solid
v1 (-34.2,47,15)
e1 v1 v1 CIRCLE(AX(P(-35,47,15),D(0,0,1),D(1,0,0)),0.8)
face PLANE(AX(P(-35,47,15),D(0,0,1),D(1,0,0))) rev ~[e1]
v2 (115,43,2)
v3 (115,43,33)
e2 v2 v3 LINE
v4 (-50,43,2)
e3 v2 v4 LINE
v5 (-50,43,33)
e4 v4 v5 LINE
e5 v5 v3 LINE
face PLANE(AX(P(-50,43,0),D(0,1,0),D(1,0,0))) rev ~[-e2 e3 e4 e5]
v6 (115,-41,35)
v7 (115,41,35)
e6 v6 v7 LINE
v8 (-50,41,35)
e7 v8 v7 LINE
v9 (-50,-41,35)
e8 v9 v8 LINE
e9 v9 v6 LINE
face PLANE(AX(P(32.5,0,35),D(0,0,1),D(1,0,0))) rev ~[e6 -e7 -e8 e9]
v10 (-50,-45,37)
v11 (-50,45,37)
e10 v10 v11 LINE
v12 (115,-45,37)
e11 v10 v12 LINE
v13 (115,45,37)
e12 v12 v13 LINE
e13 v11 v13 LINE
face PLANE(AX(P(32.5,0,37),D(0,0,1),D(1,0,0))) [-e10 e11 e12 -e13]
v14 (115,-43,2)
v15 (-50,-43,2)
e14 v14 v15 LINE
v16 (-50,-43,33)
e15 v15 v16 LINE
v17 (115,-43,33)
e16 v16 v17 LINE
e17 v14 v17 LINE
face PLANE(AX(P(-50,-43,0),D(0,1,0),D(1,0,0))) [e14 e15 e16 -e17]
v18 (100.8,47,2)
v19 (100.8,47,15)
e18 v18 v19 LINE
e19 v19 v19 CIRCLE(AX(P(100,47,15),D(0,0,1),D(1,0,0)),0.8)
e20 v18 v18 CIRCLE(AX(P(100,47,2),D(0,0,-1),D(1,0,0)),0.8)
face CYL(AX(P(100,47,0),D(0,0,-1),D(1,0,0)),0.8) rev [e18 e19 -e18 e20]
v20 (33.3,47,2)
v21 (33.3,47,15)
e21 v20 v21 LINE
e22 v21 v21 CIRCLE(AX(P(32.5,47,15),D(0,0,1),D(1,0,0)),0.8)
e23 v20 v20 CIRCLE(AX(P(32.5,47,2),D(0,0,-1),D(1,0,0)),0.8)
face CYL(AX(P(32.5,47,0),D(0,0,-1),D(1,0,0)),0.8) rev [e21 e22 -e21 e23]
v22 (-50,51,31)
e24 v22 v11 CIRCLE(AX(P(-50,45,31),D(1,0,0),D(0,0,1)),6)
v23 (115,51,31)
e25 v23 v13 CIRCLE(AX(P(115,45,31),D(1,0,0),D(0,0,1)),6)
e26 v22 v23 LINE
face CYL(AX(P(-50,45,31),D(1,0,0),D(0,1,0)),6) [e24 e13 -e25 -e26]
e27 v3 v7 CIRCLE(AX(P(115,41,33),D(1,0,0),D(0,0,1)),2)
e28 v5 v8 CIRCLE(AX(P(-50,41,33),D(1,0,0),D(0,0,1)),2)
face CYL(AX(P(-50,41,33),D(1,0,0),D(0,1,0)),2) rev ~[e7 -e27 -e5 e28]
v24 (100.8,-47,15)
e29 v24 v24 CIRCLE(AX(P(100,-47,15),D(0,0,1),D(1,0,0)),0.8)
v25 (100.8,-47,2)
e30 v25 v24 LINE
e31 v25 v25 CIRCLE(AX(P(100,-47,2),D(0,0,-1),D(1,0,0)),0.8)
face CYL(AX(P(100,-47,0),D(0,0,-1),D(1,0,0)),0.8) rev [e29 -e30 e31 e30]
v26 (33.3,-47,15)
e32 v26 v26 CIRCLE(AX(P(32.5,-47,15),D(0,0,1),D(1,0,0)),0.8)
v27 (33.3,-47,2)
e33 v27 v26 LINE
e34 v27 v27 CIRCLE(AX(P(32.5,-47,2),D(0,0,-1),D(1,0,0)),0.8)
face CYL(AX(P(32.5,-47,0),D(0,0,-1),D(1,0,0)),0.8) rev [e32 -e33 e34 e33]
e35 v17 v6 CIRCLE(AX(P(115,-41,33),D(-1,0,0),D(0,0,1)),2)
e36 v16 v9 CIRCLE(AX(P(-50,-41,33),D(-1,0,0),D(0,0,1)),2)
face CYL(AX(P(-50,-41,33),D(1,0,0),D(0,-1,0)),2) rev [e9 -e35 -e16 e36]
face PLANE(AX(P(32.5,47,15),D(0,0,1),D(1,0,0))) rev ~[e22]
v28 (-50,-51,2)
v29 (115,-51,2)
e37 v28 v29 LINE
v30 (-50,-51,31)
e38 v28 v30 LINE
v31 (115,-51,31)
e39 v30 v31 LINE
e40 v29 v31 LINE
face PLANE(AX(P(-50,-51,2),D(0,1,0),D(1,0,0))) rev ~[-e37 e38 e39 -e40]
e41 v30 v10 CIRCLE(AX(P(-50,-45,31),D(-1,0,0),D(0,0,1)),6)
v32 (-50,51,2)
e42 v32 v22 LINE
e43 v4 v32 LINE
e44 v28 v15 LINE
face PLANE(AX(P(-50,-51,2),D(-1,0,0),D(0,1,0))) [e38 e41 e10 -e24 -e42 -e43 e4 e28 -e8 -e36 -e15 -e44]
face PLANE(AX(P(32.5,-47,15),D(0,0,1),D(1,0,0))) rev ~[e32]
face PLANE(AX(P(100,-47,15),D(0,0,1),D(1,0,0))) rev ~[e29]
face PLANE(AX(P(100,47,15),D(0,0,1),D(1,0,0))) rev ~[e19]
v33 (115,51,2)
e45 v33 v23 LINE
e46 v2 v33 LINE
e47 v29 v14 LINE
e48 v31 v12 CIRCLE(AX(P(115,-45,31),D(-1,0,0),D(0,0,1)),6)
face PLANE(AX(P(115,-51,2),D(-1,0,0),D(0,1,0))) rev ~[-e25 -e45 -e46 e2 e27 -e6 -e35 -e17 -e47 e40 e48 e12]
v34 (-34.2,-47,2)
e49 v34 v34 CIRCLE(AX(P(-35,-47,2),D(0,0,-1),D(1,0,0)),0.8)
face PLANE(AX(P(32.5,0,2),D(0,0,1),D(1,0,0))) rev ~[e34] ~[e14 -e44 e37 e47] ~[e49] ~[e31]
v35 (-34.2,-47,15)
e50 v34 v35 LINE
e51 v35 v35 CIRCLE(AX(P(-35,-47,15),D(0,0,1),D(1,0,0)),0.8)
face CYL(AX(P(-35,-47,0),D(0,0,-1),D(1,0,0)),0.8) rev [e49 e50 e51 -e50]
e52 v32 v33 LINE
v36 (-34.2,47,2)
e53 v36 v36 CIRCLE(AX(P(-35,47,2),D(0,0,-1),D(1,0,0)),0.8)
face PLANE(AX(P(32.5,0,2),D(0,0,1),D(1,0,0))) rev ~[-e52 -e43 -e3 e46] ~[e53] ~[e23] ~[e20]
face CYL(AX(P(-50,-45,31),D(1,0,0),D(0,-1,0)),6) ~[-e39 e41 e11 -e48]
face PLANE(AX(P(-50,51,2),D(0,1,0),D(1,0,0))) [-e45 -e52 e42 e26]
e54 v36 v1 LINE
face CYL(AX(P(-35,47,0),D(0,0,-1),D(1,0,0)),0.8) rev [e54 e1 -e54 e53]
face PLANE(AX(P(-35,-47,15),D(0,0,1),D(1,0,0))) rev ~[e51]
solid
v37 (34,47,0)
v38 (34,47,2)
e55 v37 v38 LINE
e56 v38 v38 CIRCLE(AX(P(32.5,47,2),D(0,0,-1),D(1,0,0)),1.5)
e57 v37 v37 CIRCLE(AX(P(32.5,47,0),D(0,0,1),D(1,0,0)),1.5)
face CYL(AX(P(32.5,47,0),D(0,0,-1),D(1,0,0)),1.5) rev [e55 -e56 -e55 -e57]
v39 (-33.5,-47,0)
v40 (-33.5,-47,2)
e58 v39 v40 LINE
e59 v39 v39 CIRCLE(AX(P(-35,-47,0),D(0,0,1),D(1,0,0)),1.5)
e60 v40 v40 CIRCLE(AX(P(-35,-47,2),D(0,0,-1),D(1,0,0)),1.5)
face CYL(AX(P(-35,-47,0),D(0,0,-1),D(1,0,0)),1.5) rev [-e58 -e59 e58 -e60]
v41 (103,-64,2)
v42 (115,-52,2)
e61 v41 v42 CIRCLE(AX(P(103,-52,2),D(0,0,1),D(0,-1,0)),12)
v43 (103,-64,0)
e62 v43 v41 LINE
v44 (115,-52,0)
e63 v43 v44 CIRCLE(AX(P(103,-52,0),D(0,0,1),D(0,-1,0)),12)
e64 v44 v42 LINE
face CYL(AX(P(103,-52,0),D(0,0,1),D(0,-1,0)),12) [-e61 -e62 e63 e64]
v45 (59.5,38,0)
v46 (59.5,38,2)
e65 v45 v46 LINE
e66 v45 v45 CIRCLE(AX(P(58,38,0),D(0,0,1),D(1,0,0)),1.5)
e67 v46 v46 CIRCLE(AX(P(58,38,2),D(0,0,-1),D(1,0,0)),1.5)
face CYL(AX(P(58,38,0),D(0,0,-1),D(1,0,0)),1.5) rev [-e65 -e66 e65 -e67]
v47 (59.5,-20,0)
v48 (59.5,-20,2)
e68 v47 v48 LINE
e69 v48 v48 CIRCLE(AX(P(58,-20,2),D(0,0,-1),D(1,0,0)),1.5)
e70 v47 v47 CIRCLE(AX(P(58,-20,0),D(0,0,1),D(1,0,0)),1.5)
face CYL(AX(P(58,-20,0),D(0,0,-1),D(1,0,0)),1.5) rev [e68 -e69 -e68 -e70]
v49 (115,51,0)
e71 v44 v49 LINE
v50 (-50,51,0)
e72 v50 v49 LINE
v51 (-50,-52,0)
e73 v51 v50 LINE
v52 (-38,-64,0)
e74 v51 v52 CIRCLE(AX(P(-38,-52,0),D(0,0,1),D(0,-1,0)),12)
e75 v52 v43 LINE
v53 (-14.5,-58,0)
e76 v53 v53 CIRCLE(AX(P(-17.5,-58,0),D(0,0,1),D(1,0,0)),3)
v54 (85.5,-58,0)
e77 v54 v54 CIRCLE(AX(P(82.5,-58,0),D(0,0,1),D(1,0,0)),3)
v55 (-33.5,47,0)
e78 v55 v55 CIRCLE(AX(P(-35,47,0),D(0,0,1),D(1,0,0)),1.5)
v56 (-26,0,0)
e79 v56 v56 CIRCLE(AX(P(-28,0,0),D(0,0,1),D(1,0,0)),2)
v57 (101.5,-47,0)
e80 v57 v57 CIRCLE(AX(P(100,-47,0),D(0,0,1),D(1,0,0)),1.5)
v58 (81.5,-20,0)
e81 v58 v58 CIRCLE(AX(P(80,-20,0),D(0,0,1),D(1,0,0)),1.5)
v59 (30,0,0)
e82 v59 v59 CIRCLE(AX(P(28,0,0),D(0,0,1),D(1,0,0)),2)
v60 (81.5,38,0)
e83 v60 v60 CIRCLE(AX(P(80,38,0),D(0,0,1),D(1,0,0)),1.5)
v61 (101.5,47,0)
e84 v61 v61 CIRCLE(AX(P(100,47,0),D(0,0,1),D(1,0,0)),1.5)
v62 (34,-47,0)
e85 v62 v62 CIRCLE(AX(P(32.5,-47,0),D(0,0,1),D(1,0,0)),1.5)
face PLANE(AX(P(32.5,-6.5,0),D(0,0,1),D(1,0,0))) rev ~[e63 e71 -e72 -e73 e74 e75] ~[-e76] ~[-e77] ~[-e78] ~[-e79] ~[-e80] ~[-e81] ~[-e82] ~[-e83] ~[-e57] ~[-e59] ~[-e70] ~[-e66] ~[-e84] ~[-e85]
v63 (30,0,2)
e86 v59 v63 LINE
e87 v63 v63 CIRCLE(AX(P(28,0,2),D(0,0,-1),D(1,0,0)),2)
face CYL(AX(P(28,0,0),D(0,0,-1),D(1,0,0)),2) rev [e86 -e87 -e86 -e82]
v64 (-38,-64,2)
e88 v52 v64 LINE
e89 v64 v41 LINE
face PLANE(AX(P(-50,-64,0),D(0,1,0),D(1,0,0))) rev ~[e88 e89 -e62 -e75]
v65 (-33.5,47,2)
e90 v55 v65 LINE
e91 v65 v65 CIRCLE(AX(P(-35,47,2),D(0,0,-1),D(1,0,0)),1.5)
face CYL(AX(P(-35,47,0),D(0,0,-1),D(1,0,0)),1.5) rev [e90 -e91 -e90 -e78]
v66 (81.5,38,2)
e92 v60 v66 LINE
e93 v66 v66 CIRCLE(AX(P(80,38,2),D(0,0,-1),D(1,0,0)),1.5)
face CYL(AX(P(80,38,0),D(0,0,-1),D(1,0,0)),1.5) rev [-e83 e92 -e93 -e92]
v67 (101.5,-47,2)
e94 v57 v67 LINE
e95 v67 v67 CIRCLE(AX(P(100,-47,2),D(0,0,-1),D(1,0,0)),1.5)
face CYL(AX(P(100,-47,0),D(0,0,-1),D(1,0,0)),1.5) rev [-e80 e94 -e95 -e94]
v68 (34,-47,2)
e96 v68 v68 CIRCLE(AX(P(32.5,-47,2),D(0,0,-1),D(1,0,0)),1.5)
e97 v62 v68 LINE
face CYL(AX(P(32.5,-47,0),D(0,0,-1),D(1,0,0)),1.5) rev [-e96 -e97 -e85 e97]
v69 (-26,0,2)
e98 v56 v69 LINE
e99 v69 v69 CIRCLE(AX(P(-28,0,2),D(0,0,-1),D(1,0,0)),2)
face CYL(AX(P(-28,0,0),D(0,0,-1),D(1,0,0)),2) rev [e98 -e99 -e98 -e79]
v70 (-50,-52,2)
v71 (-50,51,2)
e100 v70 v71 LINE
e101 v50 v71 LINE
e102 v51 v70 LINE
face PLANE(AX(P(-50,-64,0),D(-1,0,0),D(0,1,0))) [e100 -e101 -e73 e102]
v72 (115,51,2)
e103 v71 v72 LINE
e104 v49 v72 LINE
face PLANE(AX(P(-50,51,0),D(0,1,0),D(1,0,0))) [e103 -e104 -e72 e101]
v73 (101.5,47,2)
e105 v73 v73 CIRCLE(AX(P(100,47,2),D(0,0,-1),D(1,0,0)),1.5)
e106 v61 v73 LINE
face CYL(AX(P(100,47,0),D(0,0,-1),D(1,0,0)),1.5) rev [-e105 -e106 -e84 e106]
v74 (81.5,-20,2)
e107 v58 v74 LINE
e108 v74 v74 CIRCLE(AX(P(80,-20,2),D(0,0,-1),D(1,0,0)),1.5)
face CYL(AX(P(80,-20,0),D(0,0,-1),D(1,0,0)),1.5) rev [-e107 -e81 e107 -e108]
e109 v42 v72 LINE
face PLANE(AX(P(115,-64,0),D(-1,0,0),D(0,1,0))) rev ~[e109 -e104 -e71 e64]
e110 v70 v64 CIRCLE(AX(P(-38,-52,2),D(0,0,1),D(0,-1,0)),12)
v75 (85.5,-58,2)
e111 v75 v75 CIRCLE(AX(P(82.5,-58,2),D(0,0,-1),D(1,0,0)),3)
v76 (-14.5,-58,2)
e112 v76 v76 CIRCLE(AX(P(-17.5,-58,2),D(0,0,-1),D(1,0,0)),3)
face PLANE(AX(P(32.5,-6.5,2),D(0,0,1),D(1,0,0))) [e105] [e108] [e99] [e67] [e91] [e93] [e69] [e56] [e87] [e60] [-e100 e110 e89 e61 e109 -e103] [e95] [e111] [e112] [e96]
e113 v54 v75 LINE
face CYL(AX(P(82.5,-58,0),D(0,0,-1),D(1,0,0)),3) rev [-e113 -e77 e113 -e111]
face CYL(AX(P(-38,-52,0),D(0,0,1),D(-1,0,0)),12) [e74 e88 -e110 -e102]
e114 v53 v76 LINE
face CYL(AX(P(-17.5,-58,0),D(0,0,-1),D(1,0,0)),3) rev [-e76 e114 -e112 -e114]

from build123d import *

# Parameters (mm, degrees)
CYLINDER014_R     = 0.8
CYLINDER014_DEPTH = 15
CYLINDER015_R     = 0.8
CYLINDER015_DEPTH = 15
CYLINDER016_R     = 0.8
CYLINDER016_DEPTH = 15
CYLINDER017_R     = 0.8
CYLINDER017_DEPTH = 15
CYLINDER018_R     = 0.8
CYLINDER018_DEPTH = 15
CYLINDER019_R     = 0.8
CYLINDER019_DEPTH = 15
BOX001_W          = 165
BOX001_H          = 86
BOX001_DEPTH      = 35
FILLET_R          = 2
BOX002_W          = 165
BOX002_H          = 102
BOX002_DEPTH      = 35
FILLET001_R       = 6
CYLINDER001_R     = 2
CYLINDER001_DEPTH = 10
CYLINDER002_R     = 1.5
CYLINDER002_DEPTH = 10
CYLINDER003_R     = 1.5
CYLINDER003_DEPTH = 10
CYLINDER004_R     = 1.5
CYLINDER004_DEPTH = 10
CYLINDER005_R     = 1.5
CYLINDER005_DEPTH = 10
CYLINDER006_R     = 3
CYLINDER006_DEPTH = 10
CYLINDER007_R     = 3
CYLINDER007_DEPTH = 10
CYLINDER008_R     = 1.5
CYLINDER008_DEPTH = 10
CYLINDER009_R     = 1.5
CYLINDER009_DEPTH = 10
CYLINDER010_R     = 1.5
CYLINDER010_DEPTH = 10
CYLINDER011_R     = 1.5
CYLINDER011_DEPTH = 10
CYLINDER012_R     = 1.5
CYLINDER012_DEPTH = 10
CYLINDER013_R     = 1.5
CYLINDER013_DEPTH = 10
CYLINDER_R        = 2
CYLINDER_DEPTH    = 10
BOX_W             = 165
BOX_H             = 115
BOX_DEPTH         = 2
FILLET002_R       = 12


with BuildPart() as boxscrew007:
    # Cylinder014 → Cylinder014 (new body)
    with BuildSketch(Plane(origin=(100, 47, 0), x_dir=(1, 0, 0), z_dir=(0, 0, 1))):
        Circle(CYLINDER014_R)
    extrude(amount=CYLINDER014_DEPTH)


with BuildPart() as boxscrew008:
    # Cylinder015 → Cylinder015 (new body)
    with BuildSketch(Plane(origin=(-35, 47, 0), x_dir=(1, 0, 0), z_dir=(0, 0, 1))):
        Circle(CYLINDER015_R)
    extrude(amount=CYLINDER015_DEPTH)


with BuildPart() as boxscrew009:
    # Cylinder016 → Cylinder016 (new body)
    with BuildSketch(Plane(origin=(32.5, 47, 0), x_dir=(1, 0, 0), z_dir=(0, 0, 1))):
        Circle(CYLINDER016_R)
    extrude(amount=CYLINDER016_DEPTH)


with BuildPart() as boxscrew010:
    # Cylinder017 → Cylinder017 (new body)
    with BuildSketch(Plane(origin=(100, -47, 0), x_dir=(1, 0, 0), z_dir=(0, 0, 1))):
        Circle(CYLINDER017_R)
    extrude(amount=CYLINDER017_DEPTH)


with BuildPart() as boxscrew011:
    # Cylinder018 → Cylinder018 (new body)
    with BuildSketch(Plane(origin=(-35, -47, 0), x_dir=(1, 0, 0), z_dir=(0, 0, 1))):
        Circle(CYLINDER018_R)
    extrude(amount=CYLINDER018_DEPTH)


with BuildPart() as fusion001:
    # Cylinder019 → Cylinder019 (new body)
    with BuildSketch(Plane(origin=(32.5, -47, 0), x_dir=(1, 0, 0), z_dir=(0, 0, 1))):
        Circle(CYLINDER019_R)
    extrude(amount=CYLINDER019_DEPTH)

    # Fusion001: union BoxScrew007, BoxScrew008, BoxScrew009, BoxScrew010, BoxScrew011
    add(boxscrew007.part)
    add(boxscrew008.part)
    add(boxscrew009.part)
    add(boxscrew010.part)
    add(boxscrew011.part)


with BuildPart() as fillet_body:
    # Box001 → Box001 (new body)
    with BuildSketch(Plane(origin=(-50, -43, 0), x_dir=(1, 0, 0), z_dir=(0, 0, 1))):
        with Locations((82.5, 43)):
            Rectangle(BOX001_W, BOX001_H)
    extrude(amount=BOX001_DEPTH)

    # Fillet
    fillet_edges = [fillet_body.edges().sort_by_distance(p)[0] for p in [
        (32.5, -43, 35),
        (32.5, 43, 35),
    ]]
    fillet(fillet_edges, radius=FILLET_R)


with BuildPart() as cover:
    # Box002 → Box002 (new body)
    with BuildSketch(Plane(origin=(-50, -51, 2), x_dir=(1, 0, 0), z_dir=(0, 0, 1))):
        with Locations((82.5, 51)):
            Rectangle(BOX002_W, BOX002_H)
    extrude(amount=BOX002_DEPTH)

    # Fillet001
    fillet001_edges = [cover.edges().sort_by_distance(p)[0] for p in [
        (32.5, -51, 37),
        (32.5, 51, 37),
    ]]
    fillet(fillet001_edges, radius=FILLET001_R)

    # Cut: cut Fillet body
    add(fillet_body.part, mode=Mode.SUBTRACT)

    # Cut002: cut Fusion001
    add(fusion001.part, mode=Mode.SUBTRACT)


with BuildPart() as pwrscrew002:
    # Cylinder001 → Cylinder001 (new body)
    with BuildSketch(Plane(origin=(-28, 0, 0), x_dir=(1, 0, 0), z_dir=(0, 0, 1))):
        Circle(CYLINDER001_R)
    extrude(amount=CYLINDER001_DEPTH)


with BuildPart() as computerscrew001:
    # Cylinder002 → Cylinder002 (new body)
    with BuildSketch(Plane(origin=(58, 38, 0), x_dir=(1, 0, 0), z_dir=(0, 0, 1))):
        Circle(CYLINDER002_R)
    extrude(amount=CYLINDER002_DEPTH)


with BuildPart() as computerscrew002:
    # Cylinder003 → Cylinder003 (new body)
    with BuildSketch(Plane(origin=(58, -20, 0), x_dir=(1, 0, 0), z_dir=(0, 0, 1))):
        Circle(CYLINDER003_R)
    extrude(amount=CYLINDER003_DEPTH)


with BuildPart() as computerscrew003:
    # Cylinder004 → Cylinder004 (new body)
    with BuildSketch(Plane(origin=(80, 38, 0), x_dir=(1, 0, 0), z_dir=(0, 0, 1))):
        Circle(CYLINDER004_R)
    extrude(amount=CYLINDER004_DEPTH)


with BuildPart() as computerscrew004:
    # Cylinder005 → Cylinder005 (new body)
    with BuildSketch(Plane(origin=(80, -20, 0), x_dir=(1, 0, 0), z_dir=(0, 0, 1))):
        Circle(CYLINDER005_R)
    extrude(amount=CYLINDER005_DEPTH)


with BuildPart() as mainscrew001:
    # Cylinder006 → Cylinder006 (new body)
    with BuildSketch(Plane(origin=(-17.5, -58, 0), x_dir=(1, 0, 0), z_dir=(0, 0, 1))):
        Circle(CYLINDER006_R)
    extrude(amount=CYLINDER006_DEPTH)


with BuildPart() as mainscrew002:
    # Cylinder007 → Cylinder007 (new body)
    with BuildSketch(Plane(origin=(82.5, -58, 0), x_dir=(1, 0, 0), z_dir=(0, 0, 1))):
        Circle(CYLINDER007_R)
    extrude(amount=CYLINDER007_DEPTH)


with BuildPart() as boxscrew001:
    # Cylinder008 → Cylinder008 (new body)
    with BuildSketch(Plane(origin=(100, 47, 0), x_dir=(1, 0, 0), z_dir=(0, 0, 1))):
        Circle(CYLINDER008_R)
    extrude(amount=CYLINDER008_DEPTH)


with BuildPart() as boxscrew002:
    # Cylinder009 → Cylinder009 (new body)
    with BuildSketch(Plane(origin=(-35, 47, 0), x_dir=(1, 0, 0), z_dir=(0, 0, 1))):
        Circle(CYLINDER009_R)
    extrude(amount=CYLINDER009_DEPTH)


with BuildPart() as boxscrew003:
    # Cylinder010 → Cylinder010 (new body)
    with BuildSketch(Plane(origin=(32.5, 47, 0), x_dir=(1, 0, 0), z_dir=(0, 0, 1))):
        Circle(CYLINDER010_R)
    extrude(amount=CYLINDER010_DEPTH)


with BuildPart() as boxscrew004:
    # Cylinder011 → Cylinder011 (new body)
    with BuildSketch(Plane(origin=(100, -47, 0), x_dir=(1, 0, 0), z_dir=(0, 0, 1))):
        Circle(CYLINDER011_R)
    extrude(amount=CYLINDER011_DEPTH)


with BuildPart() as boxscrew005:
    # Cylinder012 → Cylinder012 (new body)
    with BuildSketch(Plane(origin=(-35, -47, 0), x_dir=(1, 0, 0), z_dir=(0, 0, 1))):
        Circle(CYLINDER012_R)
    extrude(amount=CYLINDER012_DEPTH)


with BuildPart() as boxscrew006:
    # Cylinder013 → Cylinder013 (new body)
    with BuildSketch(Plane(origin=(32.5, -47, 0), x_dir=(1, 0, 0), z_dir=(0, 0, 1))):
        Circle(CYLINDER013_R)
    extrude(amount=CYLINDER013_DEPTH)


with BuildPart() as screwholles:
    # Cylinder → Cylinder (new body)
    with BuildSketch(Plane(origin=(28, 0, 0), x_dir=(1, 0, 0), z_dir=(0, 0, 1))):
        Circle(CYLINDER_R)
    extrude(amount=CYLINDER_DEPTH)

    # Fusion: union PwrScrew002, ComputerScrew001, ComputerScrew002, ComputerScrew003, ComputerScrew004, MainScrew001, MainScrew002, BoxScrew001, BoxScrew002, BoxScrew003, BoxScrew004, BoxScrew005, BoxScrew006
    add(pwrscrew002.part)
    add(computerscrew001.part)
    add(computerscrew002.part)
    add(computerscrew003.part)
    add(computerscrew004.part)
    add(mainscrew001.part)
    add(mainscrew002.part)
    add(boxscrew001.part)
    add(boxscrew002.part)
    add(boxscrew003.part)
    add(boxscrew004.part)
    add(boxscrew005.part)
    add(boxscrew006.part)


with BuildPart() as base001:
    # Box → Box (new body)
    with BuildSketch(Plane(origin=(-50, -64, 0), x_dir=(1, 0, 0), z_dir=(0, 0, 1))):
        with Locations((82.5, 57.5)):
            Rectangle(BOX_W, BOX_H)
    extrude(amount=BOX_DEPTH)

    # Cut001: cut ScrewHolles
    add(screwholles.part, mode=Mode.SUBTRACT)

    # Fillet002
    fillet002_edges = [base001.edges().sort_by_distance(p)[0] for p in [
        (-50, -64, 1),
        (115, -64, 1),
    ]]
    fillet(fillet002_edges, radius=FILLET002_R)


solid = Compound([cover.part, base001.part])
